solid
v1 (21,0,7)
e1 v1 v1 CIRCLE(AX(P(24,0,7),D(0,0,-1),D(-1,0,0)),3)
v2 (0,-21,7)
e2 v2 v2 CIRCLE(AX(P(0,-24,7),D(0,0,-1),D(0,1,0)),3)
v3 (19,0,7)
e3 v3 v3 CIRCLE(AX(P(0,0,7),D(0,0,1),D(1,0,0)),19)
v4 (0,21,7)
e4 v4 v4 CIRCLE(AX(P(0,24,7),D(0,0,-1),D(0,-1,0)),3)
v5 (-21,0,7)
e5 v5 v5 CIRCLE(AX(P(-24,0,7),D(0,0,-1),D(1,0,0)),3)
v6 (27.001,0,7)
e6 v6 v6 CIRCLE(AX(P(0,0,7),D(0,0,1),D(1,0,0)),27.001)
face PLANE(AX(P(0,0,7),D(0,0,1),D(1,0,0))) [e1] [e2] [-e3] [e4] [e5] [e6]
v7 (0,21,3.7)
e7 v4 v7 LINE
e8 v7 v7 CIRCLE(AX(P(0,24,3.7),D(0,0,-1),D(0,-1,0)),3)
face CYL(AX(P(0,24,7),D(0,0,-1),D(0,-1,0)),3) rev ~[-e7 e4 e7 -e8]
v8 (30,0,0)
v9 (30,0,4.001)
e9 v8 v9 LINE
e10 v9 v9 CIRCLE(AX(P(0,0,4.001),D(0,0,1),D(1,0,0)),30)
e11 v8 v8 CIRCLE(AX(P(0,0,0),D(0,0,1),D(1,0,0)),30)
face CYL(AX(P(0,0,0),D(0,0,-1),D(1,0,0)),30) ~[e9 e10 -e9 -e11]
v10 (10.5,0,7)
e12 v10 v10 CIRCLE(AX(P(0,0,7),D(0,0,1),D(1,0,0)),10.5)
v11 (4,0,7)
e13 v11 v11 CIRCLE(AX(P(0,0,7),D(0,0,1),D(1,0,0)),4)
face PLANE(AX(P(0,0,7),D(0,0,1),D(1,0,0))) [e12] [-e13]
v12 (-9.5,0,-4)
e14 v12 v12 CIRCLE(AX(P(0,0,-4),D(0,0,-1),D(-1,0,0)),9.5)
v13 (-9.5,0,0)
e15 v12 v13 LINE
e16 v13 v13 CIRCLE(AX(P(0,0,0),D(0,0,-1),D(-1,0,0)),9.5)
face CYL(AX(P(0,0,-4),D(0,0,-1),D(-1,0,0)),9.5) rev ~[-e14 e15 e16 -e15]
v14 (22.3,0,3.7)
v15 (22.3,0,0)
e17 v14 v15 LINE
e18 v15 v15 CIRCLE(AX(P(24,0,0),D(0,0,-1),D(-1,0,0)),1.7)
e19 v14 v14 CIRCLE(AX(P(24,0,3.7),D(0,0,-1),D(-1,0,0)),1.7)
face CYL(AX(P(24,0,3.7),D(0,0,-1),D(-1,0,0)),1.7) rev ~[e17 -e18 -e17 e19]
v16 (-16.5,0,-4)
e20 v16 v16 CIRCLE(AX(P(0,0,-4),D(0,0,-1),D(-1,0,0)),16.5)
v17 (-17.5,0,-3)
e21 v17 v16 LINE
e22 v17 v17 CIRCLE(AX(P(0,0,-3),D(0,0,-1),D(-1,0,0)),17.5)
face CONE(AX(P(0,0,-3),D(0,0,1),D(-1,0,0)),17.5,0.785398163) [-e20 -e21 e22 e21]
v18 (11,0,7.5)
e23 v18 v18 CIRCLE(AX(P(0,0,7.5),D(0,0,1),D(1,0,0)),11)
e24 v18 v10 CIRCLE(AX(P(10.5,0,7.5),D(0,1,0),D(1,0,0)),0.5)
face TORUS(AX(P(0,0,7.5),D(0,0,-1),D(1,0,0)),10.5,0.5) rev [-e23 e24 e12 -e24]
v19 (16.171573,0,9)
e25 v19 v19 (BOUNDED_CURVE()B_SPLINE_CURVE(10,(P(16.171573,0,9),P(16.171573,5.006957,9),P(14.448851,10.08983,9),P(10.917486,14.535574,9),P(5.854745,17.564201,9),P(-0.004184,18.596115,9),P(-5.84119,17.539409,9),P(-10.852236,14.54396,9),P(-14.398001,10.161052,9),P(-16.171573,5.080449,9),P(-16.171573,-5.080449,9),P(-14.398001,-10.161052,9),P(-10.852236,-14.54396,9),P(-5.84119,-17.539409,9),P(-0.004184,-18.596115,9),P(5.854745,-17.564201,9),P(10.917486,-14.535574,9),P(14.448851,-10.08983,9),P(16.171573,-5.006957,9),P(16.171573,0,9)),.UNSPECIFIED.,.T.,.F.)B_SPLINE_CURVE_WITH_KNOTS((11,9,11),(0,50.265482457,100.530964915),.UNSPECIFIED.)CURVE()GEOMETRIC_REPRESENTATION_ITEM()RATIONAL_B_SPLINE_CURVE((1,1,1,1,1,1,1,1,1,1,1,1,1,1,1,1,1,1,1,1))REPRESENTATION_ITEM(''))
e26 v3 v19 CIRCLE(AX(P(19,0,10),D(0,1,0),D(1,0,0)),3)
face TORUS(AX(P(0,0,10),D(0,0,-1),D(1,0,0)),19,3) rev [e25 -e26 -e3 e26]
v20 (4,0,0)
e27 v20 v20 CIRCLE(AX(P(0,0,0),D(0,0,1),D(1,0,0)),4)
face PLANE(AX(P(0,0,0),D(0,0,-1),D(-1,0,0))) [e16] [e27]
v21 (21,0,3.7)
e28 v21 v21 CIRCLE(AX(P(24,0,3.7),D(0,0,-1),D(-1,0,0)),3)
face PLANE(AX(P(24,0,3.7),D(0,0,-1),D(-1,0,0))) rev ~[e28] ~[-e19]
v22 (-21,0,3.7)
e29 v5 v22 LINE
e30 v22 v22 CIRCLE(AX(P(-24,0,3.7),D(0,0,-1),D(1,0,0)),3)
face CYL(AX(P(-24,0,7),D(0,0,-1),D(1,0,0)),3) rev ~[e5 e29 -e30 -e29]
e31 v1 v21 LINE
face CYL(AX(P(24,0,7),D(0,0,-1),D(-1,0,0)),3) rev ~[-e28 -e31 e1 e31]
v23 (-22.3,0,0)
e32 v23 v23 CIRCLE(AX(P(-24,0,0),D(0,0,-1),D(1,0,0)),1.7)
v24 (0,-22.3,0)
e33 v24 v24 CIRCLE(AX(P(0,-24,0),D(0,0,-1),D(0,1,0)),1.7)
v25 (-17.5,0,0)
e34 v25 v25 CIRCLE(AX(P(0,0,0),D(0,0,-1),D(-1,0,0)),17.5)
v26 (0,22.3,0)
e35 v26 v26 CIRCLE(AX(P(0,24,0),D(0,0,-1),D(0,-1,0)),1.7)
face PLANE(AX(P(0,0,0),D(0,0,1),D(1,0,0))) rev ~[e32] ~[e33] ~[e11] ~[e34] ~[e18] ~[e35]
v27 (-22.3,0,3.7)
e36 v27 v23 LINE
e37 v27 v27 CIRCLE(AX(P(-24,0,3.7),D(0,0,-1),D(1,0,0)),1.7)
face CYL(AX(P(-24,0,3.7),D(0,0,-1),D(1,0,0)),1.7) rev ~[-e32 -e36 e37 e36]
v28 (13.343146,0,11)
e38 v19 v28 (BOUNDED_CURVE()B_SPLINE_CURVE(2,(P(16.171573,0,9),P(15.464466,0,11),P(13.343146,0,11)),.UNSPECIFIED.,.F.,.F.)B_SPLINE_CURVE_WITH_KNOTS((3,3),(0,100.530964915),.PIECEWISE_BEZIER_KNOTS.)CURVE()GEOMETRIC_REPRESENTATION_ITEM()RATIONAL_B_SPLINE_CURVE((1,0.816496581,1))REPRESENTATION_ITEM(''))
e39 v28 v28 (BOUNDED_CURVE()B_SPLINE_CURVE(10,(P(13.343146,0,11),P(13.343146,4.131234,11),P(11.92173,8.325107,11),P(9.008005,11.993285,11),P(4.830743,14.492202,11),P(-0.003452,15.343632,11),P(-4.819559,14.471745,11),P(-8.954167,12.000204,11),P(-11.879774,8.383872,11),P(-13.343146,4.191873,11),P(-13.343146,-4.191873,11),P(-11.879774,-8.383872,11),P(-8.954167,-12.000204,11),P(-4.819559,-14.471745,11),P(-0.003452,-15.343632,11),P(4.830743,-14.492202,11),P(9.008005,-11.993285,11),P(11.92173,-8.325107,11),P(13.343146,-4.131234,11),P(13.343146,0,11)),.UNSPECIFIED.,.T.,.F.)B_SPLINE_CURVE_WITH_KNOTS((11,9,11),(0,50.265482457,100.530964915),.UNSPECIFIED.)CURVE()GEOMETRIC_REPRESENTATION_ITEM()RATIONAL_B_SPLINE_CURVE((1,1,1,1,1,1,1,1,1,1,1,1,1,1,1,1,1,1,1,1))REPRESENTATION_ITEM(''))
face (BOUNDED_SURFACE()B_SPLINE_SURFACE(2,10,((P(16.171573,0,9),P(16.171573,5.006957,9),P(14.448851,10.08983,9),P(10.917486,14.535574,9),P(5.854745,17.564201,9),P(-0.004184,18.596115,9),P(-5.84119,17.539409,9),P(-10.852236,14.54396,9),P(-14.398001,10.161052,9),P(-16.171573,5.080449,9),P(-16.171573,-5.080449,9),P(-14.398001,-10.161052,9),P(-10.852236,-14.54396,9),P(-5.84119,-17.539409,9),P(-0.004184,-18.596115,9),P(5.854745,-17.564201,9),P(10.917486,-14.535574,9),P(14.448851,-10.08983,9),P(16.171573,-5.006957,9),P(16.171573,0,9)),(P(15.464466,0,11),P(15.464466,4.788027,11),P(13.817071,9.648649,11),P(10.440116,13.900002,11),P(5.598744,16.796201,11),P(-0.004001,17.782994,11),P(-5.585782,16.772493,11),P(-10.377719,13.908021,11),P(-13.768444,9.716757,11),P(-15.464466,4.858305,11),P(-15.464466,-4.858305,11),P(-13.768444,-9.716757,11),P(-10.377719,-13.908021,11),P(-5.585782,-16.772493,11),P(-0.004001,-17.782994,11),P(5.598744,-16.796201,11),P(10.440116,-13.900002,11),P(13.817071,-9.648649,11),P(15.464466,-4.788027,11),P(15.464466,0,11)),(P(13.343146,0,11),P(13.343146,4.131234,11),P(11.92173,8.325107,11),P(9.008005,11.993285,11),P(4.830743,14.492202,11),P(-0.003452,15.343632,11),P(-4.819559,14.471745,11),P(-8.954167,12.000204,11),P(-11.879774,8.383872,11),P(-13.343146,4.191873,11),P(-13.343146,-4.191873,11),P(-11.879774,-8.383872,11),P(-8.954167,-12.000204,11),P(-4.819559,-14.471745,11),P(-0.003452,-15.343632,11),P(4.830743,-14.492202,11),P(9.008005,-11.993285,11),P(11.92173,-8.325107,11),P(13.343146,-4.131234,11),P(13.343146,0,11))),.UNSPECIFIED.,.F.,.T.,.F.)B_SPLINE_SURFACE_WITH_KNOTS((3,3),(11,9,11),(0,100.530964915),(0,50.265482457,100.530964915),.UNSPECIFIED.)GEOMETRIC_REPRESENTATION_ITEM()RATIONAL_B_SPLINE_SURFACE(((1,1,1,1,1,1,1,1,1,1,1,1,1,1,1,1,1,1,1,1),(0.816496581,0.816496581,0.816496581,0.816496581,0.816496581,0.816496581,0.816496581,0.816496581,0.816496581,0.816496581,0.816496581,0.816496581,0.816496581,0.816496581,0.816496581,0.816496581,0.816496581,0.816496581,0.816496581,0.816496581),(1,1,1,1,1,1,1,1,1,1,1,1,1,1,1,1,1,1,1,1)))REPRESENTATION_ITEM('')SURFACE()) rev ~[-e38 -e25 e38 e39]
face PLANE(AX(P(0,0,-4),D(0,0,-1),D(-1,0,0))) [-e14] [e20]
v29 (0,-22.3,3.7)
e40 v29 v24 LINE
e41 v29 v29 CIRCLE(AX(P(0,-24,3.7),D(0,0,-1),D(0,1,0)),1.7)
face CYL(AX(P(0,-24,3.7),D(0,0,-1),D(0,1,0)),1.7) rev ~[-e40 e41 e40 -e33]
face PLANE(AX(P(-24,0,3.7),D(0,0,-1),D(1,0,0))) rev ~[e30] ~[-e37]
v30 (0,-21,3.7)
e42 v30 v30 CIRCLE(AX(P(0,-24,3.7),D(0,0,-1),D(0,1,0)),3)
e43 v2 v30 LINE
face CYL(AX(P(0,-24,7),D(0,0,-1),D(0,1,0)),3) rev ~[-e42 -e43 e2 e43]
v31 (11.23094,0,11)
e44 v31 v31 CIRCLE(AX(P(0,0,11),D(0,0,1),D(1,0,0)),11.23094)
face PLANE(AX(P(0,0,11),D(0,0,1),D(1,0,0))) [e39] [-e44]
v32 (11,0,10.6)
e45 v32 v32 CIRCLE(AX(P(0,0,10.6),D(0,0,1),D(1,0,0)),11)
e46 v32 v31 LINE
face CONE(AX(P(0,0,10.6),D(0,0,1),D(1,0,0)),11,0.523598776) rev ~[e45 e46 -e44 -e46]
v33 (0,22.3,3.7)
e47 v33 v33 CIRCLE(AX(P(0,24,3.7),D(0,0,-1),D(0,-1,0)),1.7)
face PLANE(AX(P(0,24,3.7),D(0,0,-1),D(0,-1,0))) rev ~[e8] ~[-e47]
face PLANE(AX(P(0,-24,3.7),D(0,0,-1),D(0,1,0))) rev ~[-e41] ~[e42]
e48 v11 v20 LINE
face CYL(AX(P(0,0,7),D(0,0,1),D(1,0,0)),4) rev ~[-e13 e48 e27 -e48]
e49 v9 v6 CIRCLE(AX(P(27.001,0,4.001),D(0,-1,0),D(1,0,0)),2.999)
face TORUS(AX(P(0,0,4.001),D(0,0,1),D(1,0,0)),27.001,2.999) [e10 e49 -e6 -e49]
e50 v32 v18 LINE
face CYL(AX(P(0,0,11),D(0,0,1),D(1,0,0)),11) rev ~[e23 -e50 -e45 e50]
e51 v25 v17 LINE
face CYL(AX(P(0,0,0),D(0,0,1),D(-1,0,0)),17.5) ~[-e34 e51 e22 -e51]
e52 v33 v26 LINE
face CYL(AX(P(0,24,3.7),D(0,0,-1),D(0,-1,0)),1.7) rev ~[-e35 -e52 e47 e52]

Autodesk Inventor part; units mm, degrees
ref_plane "YZ Plane" through (0, 0, 0) normal (1, 0, 0) x (0, 1, 0)
ref_plane "XZ Plane" through (0, 0, 0) normal (0, 1, 0) x (-1, 0, 0)
ref_plane "XY Plane" through (0, 0, 0) normal (0, 0, 1) x (1, 0, 0)
sketch "스케치4" plane through (0, 0, 0) normal (0, 0, 1) x (1, 0, 0)
  circle A0 centre (0, 0) radius 30
  dimension "d28" = 60
extrude "돌출4" add sketch "스케치4" along normal blind 7
sketch "스케치5" plane through (0, 0, 7) normal (0, 0, 1) x (1, 0, 0)
  circle A0 centre (0, 0) radius 16
  dimension "d31" = 32
extrude "돌출5" add sketch "스케치5" along normal blind 4
sketch "스케치6" plane through (0, 0, 0) normal (0, 0, -1) x (-1, 0, 0)
  circle A0 centre (0, 0) radius 17.5
  dimension "d34" = 35
extrude "돌출6" add sketch "스케치6" along normal blind 4
sketch "스케치8" plane through (0, 0, 11) normal (0, 0, 1) x (1, 0, 0)
  circle A0 centre (0, 0) radius 11
  dimension "d41" = 22
extrude "돌출8" cut sketch "스케치8" against normal blind 4
sketch "스케치9" plane through (0, 0, -4) normal (0, 0, -1) x (-1, 0, 0)
  circle A0 centre (0, 0) radius 9.5
  dimension "d44" = 19
extrude "돌출9" cut sketch "스케치9" against normal blind 4
sketch "스케치11" plane through (0, 0, 7) normal (0, 0, 1) x (1, 0, 0)
  circle A0 centre (0, 0) radius 4
  dimension "d49" = 8
extrude "돌출10" cut sketch "스케치11" against normal up to next
sketch "스케치12" plane through (0, 0, 7) normal (0, 0, 1) x (1, 0, 0)
  circle A0 centre (0, 24) radius 3
  point P0 (0, 0)
  dimension "d61" = 6
  dimension "d62" = 24
hole "구멍1" at (0, 24, 7) direction (0, 0, -1) diameter 3.4 end through all counterbore diameter 6 counterbore depth 3.3
pattern_circular "원형 패턴2" count 4 over 360 about axis through (0, 0, 7) along (0, 0, -1) of "구멍1"
fillet "모깎기3" radius 3 3 edges at (-30, 0, 7) (-16, 0, 7) (-16, 0, 11)
chamfer "모따기5" distance 1 angle 45 1 edges at (17.5, 0, -4)
chamfer "모따기6" distance 0.4 angle 30 1 edges at (-11, 0, 11) measured on face at (10.9643, -0.8851, 8.3333)
fillet "모깎기4" radius 0.5 1 edges at (-11, 0, 7)
properties part number "도면2-3번"
